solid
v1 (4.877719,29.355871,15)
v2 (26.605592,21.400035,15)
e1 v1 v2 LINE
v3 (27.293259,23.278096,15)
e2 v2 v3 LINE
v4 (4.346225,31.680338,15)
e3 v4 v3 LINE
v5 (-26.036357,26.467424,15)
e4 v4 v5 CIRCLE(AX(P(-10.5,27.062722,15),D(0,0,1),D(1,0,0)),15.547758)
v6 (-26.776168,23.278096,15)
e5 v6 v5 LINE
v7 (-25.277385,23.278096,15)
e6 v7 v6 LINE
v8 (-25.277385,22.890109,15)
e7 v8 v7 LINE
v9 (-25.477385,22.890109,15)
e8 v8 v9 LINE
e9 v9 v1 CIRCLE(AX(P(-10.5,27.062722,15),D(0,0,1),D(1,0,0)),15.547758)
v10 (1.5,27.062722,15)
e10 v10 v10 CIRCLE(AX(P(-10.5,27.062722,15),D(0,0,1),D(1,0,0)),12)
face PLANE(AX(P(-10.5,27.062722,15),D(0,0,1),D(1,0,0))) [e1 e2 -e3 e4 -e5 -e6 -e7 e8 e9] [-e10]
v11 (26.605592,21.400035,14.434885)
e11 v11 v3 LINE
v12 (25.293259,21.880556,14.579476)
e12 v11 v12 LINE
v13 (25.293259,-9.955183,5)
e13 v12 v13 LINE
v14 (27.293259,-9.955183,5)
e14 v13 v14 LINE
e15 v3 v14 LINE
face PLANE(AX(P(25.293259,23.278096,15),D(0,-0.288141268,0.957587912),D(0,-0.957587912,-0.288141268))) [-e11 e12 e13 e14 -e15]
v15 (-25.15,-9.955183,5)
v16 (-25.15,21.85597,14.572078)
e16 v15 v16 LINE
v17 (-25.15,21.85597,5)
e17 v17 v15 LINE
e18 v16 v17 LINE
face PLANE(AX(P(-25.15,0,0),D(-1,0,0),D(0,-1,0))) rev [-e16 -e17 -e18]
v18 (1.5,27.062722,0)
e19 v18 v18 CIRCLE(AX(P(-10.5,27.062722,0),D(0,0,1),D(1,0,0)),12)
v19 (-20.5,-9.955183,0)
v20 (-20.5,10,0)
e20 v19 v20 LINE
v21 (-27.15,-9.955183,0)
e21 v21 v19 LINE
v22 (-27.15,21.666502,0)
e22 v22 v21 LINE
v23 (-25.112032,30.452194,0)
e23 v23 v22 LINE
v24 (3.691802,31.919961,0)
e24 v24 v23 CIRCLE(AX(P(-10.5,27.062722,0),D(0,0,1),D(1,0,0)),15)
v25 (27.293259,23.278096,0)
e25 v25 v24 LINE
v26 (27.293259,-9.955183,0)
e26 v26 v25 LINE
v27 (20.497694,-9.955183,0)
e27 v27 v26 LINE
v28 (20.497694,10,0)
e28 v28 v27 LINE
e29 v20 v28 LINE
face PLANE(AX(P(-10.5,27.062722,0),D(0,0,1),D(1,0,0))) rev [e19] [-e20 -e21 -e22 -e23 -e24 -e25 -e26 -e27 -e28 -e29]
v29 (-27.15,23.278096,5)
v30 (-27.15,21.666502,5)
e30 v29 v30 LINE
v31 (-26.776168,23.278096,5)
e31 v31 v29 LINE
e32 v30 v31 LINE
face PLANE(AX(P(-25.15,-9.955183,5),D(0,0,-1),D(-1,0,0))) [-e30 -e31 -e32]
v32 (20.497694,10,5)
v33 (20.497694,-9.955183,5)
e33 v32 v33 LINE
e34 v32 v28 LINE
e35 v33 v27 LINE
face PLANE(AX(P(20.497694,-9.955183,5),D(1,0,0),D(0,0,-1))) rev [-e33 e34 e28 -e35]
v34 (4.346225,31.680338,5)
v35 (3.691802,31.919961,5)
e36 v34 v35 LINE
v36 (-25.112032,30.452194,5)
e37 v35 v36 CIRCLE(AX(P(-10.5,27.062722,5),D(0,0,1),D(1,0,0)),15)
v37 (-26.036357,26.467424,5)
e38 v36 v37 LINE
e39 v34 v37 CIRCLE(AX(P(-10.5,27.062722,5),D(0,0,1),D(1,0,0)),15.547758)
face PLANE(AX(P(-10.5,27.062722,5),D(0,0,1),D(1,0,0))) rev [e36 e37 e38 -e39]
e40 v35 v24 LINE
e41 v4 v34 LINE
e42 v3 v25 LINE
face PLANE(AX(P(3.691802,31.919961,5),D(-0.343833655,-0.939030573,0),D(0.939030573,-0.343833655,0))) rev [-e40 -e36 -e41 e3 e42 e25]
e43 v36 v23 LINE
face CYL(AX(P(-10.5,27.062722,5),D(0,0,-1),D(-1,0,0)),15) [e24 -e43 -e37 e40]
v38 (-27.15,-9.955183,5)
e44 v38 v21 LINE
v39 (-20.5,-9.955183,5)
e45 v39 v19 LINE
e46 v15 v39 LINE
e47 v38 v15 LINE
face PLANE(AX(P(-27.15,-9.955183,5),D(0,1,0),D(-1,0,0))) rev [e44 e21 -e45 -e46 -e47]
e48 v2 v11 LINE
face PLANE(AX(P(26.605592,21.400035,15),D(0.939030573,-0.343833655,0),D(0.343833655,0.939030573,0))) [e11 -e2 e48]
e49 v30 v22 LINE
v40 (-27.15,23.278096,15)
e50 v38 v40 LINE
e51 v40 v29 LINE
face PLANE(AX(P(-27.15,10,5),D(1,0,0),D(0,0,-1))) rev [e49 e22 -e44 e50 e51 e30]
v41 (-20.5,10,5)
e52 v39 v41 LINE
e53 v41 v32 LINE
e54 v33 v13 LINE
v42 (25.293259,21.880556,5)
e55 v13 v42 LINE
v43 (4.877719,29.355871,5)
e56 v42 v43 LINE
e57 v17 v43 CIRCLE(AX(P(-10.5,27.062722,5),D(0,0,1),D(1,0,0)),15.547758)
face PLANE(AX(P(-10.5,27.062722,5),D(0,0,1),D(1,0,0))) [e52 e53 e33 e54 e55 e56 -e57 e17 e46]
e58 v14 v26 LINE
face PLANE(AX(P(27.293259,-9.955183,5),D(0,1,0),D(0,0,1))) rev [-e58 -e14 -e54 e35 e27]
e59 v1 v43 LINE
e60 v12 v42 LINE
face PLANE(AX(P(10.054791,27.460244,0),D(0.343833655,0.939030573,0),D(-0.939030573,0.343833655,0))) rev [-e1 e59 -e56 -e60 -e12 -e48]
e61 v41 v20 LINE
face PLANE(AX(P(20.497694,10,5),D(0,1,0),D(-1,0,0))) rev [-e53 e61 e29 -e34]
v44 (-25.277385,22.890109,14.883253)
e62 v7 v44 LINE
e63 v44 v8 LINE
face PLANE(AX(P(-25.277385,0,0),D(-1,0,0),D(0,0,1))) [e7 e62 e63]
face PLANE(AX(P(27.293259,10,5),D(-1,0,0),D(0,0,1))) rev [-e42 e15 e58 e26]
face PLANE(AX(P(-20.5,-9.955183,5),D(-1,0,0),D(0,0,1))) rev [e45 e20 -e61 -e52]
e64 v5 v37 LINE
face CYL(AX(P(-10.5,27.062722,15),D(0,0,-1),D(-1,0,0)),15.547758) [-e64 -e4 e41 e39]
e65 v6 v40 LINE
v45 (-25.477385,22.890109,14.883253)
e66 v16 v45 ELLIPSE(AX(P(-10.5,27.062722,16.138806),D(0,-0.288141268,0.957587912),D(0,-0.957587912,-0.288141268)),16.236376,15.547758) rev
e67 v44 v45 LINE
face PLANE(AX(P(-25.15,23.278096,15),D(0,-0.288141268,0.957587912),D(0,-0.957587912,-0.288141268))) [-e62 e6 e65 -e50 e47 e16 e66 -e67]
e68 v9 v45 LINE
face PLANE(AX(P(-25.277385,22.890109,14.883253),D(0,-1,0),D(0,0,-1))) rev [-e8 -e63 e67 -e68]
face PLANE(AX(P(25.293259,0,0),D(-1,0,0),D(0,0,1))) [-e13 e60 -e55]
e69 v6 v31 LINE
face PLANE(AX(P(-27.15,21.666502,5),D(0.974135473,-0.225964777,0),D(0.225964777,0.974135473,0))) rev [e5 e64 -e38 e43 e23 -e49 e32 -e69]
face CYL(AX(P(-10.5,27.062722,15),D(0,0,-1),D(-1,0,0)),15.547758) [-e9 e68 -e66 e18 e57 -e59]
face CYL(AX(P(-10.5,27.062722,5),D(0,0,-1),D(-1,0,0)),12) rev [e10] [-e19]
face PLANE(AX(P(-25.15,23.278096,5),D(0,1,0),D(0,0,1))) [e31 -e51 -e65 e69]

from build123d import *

# Parameters (mm, degrees)
SKETCH1_R           = 12
BOSS_EXTRUDE1_DEPTH = 5
BOSS_EXTRUDE2_DEPTH = 2
BOSS_EXTRUDE3_DEPTH = 2
SKETCH4_R           = 15.547757557
SKETCH4_R_2         = 12
BOSS_EXTRUDE4_DEPTH = 10
SKETCH5_W           = 10
SKETCH5_H           = 9.018962752
BOSS_EXTRUDE5_DEPTH = 2
SKETCH6_W           = 25.14370714
SKETCH6_H           = 10
BOSS_EXTRUDE6_DEPTH = 2
CUT_EXTRUDE1_DEPTH  = 2
CUT_EXTRUDE2_DEPTH  = 0.2


with BuildPart() as part:
    # Sketch1 → Boss-Extrude1 (new body)
    with BuildSketch(Plane.XY):
        with BuildLine():
            Line((-27.15, 21.666502105), (-25.112032094, 30.452193651))
            ThreePointArc((-25.112032094, 30.452193651), (-11.263369735, 42.043284959), (3.691801624, 31.919960581))
            Line((3.691801624, 31.919960581), (27.293258902, 23.278095711))
            Line((27.293258902, 23.278095711), (27.293258902, 10))
            Line((27.293258902, 10), (27.293258902, -9.955183239))
            Line((27.293258902, -9.955183239), (20.497693749, -9.955183239))
            Line((20.497693749, -9.955183239), (20.497693749, 10))
            Line((20.497693749, 10), (-20.5, 10))
            Line((-20.5, 10), (-20.5, -9.955183239))
            Line((-20.5, -9.955183239), (-27.15, -9.955183239))
            Line((-27.15, -9.955183239), (-27.15, 10))
            Line((-27.15, 10), (-27.15, 21.666502105))
        make_face()
        with Locations((-10.5, 27.062721997)):
            Circle(SKETCH1_R, mode=Mode.SUBTRACT)
    extrude(amount=BOSS_EXTRUDE1_DEPTH)

    # Sketch2 → Boss-Extrude2 (add)
    with BuildSketch(Plane(origin=(27.293258902, 0, 0), x_dir=(0, 0, -1), z_dir=(1, 0, 0))):
        Polygon((-5, -9.955183239), (-5, 23.278095711), (-15, 23.278095711), align=None)
    extrude(amount=-BOSS_EXTRUDE2_DEPTH)

    # Sketch3 → Boss-Extrude3 (add)
    with BuildSketch(Plane.ZY.offset(27.15)):
        Polygon((5, -9.955183239), (5, 23.278095711), (15, 23.278095711), align=None)
    extrude(amount=-BOSS_EXTRUDE3_DEPTH)

    # Sketch4 → Boss-Extrude4 (add)
    with BuildSketch(Plane.XY.offset(5)):
        with Locations((-10.5, 27.062721997)):
            Circle(SKETCH4_R)
        with Locations((-10.5, 27.062721997)):
            Circle(SKETCH4_R_2, mode=Mode.SUBTRACT)
    extrude(amount=BOSS_EXTRUDE4_DEPTH)

    # Sketch5 → Boss-Extrude5 (add)
    with BuildSketch(Plane(origin=(-30.532955865, 7.082559615, 0), x_dir=(0, 0, 1), z_dir=(-0.9741354729183627, 0.22596477690586622, 0))):
        with Locations((10, 21.050556457)):
            Rectangle(SKETCH5_W, SKETCH5_H)
    extrude(amount=-BOSS_EXTRUDE5_DEPTH)

    # Sketch6 → Boss-Extrude6 (add)
    with BuildSketch(Plane(origin=(10.742458336, 29.338305481, 0), x_dir=(0.9390305732894374, -0.34383365517021547, 0), z_dir=(0.34383365517021547, 0.9390305732894374, 0))):
        with Locations((5.053558251, -10)):
            Rectangle(SKETCH6_W, SKETCH6_H)
    extrude(amount=-BOSS_EXTRUDE6_DEPTH)

    # Sketch7 → Cut-Extrude1 (cut, along a direction that is not the sketch's normal)
    with BuildSketch(Plane(origin=(3.73770034, 16.113247996, 0), x_dir=(0.9741354729183627, -0.22596477690586628, -2.8423494966508805e-14), z_dir=(-0.2259647769058663, -0.9741354729183628, -1.225338527992233e-13))):
        Polygon((-29.99078277, 15), (-31.343644404, 15), (-31.343644404, 14.975239248), (-29.99078277, 14.883253417), align=None)
    extrude(amount=-CUT_EXTRUDE1_DEPTH, dir=(2.329279663418559e-14, -0.9575879123587351, -0.2881412676178814), mode=Mode.SUBTRACT)

    # Sketch8 → Cut-Extrude2 (cut)
    with BuildSketch(Plane.ZY.offset(25.477385016)):
        Polygon((15, 22.890108534), (15, 23.278095711), (14.883253417, 22.890108534), align=None)
    extrude(amount=-CUT_EXTRUDE2_DEPTH, mode=Mode.SUBTRACT)


solid = part.part
